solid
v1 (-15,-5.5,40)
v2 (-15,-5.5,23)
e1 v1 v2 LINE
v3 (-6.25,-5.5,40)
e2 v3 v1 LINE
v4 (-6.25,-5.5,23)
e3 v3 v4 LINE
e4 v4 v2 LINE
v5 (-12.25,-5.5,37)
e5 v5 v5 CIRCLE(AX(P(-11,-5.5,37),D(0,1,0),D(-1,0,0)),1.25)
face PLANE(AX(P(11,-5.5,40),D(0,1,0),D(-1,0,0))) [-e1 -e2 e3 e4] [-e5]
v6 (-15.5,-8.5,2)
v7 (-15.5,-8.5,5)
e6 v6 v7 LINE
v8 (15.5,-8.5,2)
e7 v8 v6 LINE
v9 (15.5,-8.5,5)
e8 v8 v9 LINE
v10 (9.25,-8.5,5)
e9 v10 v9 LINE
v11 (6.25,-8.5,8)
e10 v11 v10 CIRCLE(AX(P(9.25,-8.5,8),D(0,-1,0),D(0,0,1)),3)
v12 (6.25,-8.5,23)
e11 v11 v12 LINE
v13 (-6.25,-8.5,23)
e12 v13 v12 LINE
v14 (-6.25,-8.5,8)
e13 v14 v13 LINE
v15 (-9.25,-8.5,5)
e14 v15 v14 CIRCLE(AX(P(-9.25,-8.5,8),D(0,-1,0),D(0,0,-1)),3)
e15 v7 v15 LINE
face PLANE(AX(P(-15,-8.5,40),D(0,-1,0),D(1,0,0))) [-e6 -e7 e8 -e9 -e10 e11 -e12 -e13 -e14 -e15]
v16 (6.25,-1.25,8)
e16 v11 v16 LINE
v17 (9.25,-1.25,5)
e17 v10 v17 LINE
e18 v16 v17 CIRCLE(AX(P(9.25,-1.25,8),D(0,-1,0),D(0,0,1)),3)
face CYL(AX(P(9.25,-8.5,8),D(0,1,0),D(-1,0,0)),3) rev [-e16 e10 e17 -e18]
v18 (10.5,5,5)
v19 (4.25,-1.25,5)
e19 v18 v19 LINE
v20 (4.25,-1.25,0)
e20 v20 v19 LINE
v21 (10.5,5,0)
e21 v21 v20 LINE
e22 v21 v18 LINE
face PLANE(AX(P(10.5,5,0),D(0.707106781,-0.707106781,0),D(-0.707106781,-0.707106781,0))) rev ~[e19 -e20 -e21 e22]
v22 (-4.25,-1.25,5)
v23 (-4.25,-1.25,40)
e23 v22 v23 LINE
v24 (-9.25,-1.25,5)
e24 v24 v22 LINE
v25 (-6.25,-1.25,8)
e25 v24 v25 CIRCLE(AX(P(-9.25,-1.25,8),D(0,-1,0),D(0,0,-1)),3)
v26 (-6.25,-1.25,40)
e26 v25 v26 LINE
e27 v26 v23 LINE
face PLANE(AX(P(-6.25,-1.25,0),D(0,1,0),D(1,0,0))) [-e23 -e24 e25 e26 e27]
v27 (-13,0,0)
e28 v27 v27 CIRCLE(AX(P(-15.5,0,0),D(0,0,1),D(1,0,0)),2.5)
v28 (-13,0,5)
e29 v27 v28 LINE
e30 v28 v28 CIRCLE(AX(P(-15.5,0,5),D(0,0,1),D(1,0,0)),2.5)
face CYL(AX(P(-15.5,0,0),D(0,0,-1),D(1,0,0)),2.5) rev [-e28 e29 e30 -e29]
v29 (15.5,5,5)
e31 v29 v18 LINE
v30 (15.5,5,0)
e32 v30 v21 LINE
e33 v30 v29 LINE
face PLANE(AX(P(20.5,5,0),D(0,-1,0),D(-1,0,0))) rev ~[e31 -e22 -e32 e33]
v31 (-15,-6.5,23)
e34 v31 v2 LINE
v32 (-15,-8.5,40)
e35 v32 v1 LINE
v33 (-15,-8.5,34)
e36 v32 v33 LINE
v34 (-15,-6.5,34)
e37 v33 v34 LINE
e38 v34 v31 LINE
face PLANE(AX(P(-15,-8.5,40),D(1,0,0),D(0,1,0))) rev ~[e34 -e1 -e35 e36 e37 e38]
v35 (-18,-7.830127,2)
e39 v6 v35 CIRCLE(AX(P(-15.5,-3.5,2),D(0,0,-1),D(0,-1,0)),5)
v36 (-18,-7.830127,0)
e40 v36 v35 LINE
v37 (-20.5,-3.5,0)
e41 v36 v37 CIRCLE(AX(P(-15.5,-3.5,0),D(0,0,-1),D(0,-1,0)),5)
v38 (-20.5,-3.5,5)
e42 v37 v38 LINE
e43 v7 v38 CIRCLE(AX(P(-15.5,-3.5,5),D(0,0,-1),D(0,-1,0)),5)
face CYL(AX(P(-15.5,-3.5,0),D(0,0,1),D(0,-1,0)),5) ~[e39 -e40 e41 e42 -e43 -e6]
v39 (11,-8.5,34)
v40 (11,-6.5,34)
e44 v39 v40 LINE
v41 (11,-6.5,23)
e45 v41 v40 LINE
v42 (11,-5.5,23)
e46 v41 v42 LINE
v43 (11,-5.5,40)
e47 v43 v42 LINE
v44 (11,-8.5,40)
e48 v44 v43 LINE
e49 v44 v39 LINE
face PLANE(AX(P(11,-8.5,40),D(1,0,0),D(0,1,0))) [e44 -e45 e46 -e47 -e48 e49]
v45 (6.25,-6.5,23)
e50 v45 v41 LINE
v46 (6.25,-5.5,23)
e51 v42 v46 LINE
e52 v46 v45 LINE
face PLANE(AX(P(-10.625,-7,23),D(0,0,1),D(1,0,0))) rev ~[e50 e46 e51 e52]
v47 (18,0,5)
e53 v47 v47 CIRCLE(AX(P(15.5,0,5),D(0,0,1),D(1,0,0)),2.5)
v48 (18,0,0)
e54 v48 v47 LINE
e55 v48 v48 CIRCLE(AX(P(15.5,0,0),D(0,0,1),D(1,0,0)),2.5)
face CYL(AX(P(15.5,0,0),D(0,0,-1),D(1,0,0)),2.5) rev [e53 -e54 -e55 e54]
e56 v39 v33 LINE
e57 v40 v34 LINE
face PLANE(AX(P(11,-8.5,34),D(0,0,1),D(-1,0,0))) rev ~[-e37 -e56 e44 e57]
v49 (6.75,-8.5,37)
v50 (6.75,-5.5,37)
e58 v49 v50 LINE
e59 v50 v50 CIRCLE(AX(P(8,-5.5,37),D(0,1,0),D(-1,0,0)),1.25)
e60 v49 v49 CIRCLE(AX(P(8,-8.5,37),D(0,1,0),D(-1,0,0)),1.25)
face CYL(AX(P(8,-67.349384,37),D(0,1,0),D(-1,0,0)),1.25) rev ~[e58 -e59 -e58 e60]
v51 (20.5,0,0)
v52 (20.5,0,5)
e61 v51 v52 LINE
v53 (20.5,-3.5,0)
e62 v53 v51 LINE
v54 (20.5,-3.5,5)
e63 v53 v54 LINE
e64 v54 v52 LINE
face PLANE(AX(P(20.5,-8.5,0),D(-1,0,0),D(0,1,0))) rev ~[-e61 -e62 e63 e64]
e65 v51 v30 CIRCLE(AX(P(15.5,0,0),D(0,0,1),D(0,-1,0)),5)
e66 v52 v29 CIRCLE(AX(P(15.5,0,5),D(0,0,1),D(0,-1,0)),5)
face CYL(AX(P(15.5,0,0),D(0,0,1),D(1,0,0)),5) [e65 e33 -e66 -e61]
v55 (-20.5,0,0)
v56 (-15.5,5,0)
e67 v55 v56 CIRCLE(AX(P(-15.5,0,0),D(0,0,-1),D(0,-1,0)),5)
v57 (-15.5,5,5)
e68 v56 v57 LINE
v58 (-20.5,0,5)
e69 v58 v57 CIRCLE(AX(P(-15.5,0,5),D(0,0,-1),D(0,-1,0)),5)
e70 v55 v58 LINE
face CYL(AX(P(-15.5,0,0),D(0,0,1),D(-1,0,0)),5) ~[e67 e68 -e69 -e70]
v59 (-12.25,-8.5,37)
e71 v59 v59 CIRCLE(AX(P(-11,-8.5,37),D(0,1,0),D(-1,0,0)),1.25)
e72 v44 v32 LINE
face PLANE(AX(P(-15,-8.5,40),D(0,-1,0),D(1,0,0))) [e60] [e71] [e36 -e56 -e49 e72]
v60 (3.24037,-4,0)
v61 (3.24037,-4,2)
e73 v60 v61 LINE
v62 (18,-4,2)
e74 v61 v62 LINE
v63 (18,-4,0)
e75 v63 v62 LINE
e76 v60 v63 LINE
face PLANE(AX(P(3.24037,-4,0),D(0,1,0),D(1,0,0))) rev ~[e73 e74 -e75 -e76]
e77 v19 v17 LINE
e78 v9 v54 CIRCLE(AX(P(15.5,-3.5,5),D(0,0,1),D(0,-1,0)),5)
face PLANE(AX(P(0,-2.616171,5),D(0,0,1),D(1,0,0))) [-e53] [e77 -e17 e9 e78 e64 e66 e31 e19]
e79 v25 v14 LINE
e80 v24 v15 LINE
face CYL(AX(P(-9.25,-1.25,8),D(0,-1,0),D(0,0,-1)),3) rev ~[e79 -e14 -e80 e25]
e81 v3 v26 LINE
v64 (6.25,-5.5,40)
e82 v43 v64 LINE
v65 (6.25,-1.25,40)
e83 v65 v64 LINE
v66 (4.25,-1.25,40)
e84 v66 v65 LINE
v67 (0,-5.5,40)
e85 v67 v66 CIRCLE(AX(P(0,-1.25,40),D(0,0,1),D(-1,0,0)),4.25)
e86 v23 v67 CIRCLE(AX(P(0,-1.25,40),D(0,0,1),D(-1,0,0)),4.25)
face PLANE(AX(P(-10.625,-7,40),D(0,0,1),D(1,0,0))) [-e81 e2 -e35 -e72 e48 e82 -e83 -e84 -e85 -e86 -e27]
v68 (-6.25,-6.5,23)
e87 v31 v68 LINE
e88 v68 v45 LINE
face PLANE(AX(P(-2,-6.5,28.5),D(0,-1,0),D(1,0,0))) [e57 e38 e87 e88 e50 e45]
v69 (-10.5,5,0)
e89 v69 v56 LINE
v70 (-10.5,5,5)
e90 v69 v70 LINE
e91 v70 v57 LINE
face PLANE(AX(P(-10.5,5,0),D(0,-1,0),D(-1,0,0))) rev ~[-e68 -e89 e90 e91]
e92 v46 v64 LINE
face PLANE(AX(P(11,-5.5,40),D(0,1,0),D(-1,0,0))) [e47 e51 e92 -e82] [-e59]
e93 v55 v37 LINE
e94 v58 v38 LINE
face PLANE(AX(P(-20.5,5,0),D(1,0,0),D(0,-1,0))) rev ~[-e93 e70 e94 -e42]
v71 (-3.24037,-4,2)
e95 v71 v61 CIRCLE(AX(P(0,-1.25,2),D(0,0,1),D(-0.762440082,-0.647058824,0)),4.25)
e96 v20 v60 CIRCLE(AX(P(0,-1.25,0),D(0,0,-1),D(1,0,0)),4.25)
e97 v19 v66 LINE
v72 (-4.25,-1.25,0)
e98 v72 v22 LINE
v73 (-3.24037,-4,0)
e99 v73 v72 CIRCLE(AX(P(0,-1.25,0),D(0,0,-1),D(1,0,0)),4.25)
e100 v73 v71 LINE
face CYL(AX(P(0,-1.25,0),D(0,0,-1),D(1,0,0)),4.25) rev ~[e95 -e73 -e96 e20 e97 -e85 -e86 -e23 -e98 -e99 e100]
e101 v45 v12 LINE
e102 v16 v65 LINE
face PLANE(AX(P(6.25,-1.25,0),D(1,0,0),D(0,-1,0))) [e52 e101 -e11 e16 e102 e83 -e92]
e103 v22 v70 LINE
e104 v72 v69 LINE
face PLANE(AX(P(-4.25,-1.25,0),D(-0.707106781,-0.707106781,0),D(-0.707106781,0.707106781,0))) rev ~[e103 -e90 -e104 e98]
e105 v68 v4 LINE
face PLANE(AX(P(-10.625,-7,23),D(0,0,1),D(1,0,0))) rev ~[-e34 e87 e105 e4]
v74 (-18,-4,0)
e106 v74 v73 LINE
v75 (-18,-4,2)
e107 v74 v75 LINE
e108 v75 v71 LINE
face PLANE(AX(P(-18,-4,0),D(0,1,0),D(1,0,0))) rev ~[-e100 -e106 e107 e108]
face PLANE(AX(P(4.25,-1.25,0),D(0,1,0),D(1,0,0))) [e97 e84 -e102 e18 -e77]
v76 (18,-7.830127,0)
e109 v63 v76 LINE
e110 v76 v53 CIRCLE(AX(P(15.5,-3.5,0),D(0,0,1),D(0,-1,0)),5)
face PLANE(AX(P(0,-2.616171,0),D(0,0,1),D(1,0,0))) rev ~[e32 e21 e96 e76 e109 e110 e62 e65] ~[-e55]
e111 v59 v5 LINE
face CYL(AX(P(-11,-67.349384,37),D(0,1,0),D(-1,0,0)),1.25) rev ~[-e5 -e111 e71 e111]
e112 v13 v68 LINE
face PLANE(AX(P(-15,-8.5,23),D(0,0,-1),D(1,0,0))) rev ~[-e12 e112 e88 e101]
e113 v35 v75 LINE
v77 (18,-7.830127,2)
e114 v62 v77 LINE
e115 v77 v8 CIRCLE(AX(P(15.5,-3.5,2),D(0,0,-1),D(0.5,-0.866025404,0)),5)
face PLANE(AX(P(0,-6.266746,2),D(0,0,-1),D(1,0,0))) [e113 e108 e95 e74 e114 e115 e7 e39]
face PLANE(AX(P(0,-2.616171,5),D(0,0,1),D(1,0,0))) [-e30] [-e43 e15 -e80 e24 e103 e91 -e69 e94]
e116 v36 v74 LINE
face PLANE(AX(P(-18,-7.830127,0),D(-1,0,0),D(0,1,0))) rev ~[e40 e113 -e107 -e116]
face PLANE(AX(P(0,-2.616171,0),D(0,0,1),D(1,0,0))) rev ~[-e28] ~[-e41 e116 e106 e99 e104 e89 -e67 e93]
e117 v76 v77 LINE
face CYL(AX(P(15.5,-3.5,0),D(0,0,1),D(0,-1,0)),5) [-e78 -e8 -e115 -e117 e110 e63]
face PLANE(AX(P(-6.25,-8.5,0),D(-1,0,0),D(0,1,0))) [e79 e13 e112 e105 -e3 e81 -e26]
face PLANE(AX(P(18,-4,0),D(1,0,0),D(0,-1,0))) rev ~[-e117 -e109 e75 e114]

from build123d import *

# Parameters (mm, degrees)
F0_R      = 2.5
F1_DEPTH  = 5
F3_DEPTH  = 40
F4_W      = 8.75
F4_H      = 3
F4_W_2    = 4.75
F5_DEPTH  = 17
F7_DEPTH  = 2
F8_D      = 2.5
F9_R      = 5
F11_DEPTH = 2
F12_R     = 3


with BuildPart() as f1:
    # F0 (on Top) → F1 (new body)
    with BuildSketch(Plane.XY):
        with BuildLine():
            Line((10.5, 5), (4.25, -1.25))
            ThreePointArc((4.25, -1.25), (0, -5.5), (-4.25, -1.25))
            Line((-4.25, -1.25), (-10.5, 5))
            Line((-10.5, 5), (-20.5, 5))
            Line((-20.5, 5), (-20.5, -8.5))
            Line((-20.5, -8.5), (0, -8.5))
            Line((0, -8.5), (20.5, -8.5))
            Line((20.5, -8.5), (20.5, 5))
            Line((20.5, 5), (10.5, 5))
        make_face()
        with Locations((-15.5, 0)):
            Circle(F0_R, mode=Mode.SUBTRACT)
        with Locations((15.5, 0)):
            Circle(F0_R, mode=Mode.SUBTRACT)
    extrude(amount=F1_DEPTH)

    # F2 (on face) → F3 (join)
    with BuildSketch(Plane(origin=(0, 0, 0), x_dir=(1, 0, 0), z_dir=(0, 0, -1))):
        with BuildLine():
            Line((-6.25, 1.25), (-4.25, 1.25))
            ThreePointArc((-4.25, 1.25), (0, 5.5), (4.25, 1.25))
            Line((4.25, 1.25), (6.25, 1.25))
            Line((6.25, 1.25), (6.25, 8.5))
            Line((6.25, 8.5), (-6.25, 8.5))
            Line((-6.25, 8.5), (-6.25, 1.25))
        make_face()
    extrude(amount=-F3_DEPTH)

    # F4 (on face) → F5 (join)
    with BuildSketch(Plane.XY.offset(40)):
        with Locations((-10.625, -7)):
            Rectangle(F4_W, F4_H)
        Polygon((0, -5.5), (-6.25, -5.5), (-6.25, -8.5), (6.25, -8.5), (6.25, -5.5), align=None)
        with Locations((8.625, -7)):
            Rectangle(F4_W_2, F4_H)
    extrude(amount=-F5_DEPTH)

    # F6 (on face) → F7 (cut)
    with BuildSketch(Plane.XZ.offset(8.5)):
        Polygon((11, 34), (-15, 34), (-15, 23), (-6.25, 23), (6.25, 23), (11, 23), align=None)
    extrude(amount=-F7_DEPTH, mode=Mode.SUBTRACT)

    # F8 (through all)
    with Locations(Plane.XZ.offset(8.5)):
        with Locations((-11, 37), (8, 37)):
            Hole(F8_D / 2)

    # F9
    f9_edges = [f1.edges().sort_by_distance(p)[0] for p in [
        (20.5, -8.5, 2.5),
        (-20.5, 5, 2.5),
        (-20.5, -8.5, 2.5),
        (20.5, 5, 2.5),
    ]]
    fillet(f9_edges, radius=F9_R)

    # F10 (on face) → F11 (cut)
    with BuildSketch(Plane(origin=(0, 0, 0), x_dir=(1, 0, 0), z_dir=(0, 0, -1))):
        with BuildLine():
            ThreePointArc((-15.5, 8.5), (-16.7940952255, 8.3296291314), (-18, 7.8301270189))
            Line((-18, 7.8301270189), (-18, 4))
            Line((-18, 4), (-3.2403703492, 4))
            ThreePointArc((-3.2403703492, 4), (0, 5.5), (3.2403703492, 4))
            Line((3.2403703492, 4), (18, 4))
            Line((18, 4), (18, 7.8301270189))
            ThreePointArc((18, 7.8301270189), (16.7940952255, 8.3296291314), (15.5, 8.5))
            Line((15.5, 8.5), (-15.5, 8.5))
        make_face()
    extrude(amount=-F11_DEPTH, mode=Mode.SUBTRACT)

    # F12
    f12_edges = [f1.edges().sort_by_distance(p)[0] for p in [
        (6.25, -4.875, 5),
        (-6.25, -4.875, 5),
    ]]
    fillet(f12_edges, radius=F12_R)


solid = f1.part
